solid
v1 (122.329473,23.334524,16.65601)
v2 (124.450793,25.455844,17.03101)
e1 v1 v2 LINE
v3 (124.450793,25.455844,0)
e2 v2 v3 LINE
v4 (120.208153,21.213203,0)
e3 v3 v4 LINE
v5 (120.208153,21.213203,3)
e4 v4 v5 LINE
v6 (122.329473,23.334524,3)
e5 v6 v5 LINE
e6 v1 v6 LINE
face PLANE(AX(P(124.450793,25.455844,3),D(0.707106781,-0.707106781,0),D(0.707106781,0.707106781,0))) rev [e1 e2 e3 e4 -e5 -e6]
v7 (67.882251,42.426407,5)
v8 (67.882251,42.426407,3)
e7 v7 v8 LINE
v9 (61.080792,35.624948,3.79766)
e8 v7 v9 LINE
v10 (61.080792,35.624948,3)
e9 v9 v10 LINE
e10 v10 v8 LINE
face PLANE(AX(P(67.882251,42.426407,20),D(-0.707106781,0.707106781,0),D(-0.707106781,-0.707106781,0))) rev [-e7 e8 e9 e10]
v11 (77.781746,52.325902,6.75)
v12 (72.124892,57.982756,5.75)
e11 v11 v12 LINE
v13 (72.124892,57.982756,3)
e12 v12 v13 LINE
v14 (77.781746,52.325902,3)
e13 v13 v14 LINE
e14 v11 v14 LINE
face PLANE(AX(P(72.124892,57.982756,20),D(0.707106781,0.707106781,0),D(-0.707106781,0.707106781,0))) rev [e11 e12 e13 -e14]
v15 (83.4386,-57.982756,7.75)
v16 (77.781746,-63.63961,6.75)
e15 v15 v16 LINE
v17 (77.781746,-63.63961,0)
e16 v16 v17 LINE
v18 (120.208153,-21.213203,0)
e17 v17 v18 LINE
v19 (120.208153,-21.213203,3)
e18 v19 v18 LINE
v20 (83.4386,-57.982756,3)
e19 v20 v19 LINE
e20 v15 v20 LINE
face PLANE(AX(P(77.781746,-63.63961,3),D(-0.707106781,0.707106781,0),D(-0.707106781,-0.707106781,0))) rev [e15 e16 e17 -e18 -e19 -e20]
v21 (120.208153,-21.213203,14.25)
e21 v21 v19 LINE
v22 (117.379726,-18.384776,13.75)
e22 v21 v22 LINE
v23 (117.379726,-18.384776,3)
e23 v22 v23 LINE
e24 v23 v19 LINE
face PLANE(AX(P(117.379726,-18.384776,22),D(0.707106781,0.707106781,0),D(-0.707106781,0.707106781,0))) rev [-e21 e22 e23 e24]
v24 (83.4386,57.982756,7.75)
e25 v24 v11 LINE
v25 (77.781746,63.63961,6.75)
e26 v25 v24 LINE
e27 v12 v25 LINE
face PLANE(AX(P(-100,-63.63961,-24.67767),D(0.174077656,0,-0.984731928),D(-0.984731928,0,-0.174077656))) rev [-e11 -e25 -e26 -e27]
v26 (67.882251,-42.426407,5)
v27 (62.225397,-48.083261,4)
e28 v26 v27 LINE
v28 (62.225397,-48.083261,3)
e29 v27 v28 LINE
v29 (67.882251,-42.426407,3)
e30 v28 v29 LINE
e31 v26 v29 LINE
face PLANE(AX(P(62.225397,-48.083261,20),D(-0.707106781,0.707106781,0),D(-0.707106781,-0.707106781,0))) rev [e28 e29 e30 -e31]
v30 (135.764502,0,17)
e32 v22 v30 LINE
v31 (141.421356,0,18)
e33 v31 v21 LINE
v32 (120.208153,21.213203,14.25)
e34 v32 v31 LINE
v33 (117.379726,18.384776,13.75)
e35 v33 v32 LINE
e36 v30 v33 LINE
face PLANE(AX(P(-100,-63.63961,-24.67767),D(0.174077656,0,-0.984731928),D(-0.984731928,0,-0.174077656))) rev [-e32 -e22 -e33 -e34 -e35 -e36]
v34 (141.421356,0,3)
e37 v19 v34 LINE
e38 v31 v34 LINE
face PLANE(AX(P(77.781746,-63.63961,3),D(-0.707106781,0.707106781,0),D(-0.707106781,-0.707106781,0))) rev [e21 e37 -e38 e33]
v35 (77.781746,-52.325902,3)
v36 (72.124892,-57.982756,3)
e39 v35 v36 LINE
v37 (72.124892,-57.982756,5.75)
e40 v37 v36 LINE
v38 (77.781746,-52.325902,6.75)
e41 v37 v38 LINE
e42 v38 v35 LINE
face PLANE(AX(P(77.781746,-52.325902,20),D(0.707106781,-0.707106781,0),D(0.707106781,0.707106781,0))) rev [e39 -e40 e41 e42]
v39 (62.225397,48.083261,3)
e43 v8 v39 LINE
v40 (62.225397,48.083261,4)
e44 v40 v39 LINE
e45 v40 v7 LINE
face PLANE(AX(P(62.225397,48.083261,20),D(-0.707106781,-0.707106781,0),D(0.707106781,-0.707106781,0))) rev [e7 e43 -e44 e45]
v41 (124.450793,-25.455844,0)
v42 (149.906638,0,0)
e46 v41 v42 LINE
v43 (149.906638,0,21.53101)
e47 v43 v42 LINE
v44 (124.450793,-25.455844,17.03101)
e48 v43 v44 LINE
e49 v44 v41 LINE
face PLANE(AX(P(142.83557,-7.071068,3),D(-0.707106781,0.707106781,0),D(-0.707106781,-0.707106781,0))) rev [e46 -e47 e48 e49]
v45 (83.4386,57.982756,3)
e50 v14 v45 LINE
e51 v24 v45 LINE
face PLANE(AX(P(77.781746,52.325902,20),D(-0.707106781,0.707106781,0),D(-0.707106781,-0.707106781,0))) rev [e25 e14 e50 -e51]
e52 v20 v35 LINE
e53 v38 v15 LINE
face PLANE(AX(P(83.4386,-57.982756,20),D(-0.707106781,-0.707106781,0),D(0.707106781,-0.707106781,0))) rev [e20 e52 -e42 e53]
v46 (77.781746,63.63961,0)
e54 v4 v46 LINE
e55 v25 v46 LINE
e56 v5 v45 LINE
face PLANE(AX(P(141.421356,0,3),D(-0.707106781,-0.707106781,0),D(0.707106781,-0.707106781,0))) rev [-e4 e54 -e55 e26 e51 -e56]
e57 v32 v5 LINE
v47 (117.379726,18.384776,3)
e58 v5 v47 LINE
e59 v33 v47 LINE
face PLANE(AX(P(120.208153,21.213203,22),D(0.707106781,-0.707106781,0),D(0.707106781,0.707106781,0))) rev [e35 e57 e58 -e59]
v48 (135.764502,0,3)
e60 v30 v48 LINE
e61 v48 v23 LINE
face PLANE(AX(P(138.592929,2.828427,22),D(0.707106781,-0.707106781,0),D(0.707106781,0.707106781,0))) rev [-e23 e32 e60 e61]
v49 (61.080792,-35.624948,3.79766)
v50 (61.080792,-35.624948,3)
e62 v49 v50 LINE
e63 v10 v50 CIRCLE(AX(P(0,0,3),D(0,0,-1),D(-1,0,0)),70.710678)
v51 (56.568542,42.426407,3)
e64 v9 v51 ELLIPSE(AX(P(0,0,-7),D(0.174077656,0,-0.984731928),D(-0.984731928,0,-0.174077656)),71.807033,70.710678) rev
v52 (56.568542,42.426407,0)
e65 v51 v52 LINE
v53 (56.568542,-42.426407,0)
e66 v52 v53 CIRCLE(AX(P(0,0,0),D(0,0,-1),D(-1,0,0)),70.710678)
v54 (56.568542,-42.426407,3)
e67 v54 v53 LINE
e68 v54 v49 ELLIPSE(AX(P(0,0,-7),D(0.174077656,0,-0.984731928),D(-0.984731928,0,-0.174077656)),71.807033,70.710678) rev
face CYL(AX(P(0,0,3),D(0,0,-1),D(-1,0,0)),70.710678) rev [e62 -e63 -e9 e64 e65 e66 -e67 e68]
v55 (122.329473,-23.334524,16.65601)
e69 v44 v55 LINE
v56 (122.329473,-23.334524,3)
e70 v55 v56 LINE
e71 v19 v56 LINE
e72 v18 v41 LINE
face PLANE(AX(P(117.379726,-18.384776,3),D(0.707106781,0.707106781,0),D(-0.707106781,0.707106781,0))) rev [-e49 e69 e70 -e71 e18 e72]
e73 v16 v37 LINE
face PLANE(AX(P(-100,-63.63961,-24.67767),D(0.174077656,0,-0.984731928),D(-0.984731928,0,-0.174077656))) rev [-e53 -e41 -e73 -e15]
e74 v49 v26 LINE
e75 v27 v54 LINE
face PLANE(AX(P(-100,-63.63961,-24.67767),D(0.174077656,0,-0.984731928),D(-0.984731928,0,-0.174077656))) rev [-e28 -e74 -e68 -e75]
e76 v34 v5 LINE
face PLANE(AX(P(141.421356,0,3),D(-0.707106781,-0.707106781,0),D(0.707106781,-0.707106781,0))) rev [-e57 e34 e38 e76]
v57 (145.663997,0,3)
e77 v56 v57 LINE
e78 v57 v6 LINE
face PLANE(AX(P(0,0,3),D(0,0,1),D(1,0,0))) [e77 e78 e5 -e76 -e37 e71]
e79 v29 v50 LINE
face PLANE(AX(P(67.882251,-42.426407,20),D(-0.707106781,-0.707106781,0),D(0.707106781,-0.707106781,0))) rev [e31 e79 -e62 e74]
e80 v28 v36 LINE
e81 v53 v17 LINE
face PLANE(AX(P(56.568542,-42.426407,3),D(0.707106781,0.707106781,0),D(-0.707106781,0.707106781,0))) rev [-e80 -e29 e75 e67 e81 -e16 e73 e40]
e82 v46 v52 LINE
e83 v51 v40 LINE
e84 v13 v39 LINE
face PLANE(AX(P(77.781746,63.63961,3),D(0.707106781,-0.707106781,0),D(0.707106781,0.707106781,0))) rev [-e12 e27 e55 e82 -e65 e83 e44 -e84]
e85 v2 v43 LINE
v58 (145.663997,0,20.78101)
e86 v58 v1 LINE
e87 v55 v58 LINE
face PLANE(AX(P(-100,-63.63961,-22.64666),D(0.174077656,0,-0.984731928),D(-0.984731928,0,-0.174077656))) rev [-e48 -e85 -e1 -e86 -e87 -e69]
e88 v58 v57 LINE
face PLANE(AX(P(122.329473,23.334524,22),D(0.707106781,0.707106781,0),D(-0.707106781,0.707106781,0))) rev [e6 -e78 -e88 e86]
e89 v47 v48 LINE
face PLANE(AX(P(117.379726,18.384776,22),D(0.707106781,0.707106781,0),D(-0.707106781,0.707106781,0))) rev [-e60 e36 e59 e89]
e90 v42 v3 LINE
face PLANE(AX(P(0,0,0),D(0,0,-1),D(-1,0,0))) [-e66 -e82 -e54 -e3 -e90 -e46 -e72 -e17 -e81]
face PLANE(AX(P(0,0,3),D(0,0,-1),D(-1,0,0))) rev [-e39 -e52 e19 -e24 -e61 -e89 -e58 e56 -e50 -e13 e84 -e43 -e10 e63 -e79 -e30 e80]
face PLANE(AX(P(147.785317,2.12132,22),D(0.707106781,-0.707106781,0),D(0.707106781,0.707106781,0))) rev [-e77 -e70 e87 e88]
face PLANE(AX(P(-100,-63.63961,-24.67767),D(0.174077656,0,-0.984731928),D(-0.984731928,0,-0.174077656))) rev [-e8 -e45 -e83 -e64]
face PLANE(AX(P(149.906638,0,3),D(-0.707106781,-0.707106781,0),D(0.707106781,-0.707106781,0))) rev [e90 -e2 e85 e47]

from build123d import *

# Parameters (mm, degrees)
CLOSED_BOTTOM_PLATE_3MM_DEPTH   = 3
FOOT1_CURVED_R70P71_DEPTH       = 20
FOOT2_CURVED_R70P71_DEPTH       = 20
PAD4_C_BLANK_DEPTH              = 20
PAD5_A_BLANK_DEPTH              = 20
SLOT_BACKING_INSIDE_NORTH_DEPTH = 22
SLOT_BACKING_INSIDE_EAST_DEPTH  = 22
TOP_OUTER_PLANE_DEPTH           = 157.633329786
TOP_OUTER_PLANE_DEPTH_BACK      = 157.633329786
SLOT_BASE_NORTH_DEPTH           = 3
SLOT_BASE_EAST_DEPTH            = 3
SLOT_OUTER_NORTH_DEPTH          = 22
SLOT_OUTER_EAST_DEPTH           = 22
CUT_EXTRUDE_2_DEPTH             = 165.335023656
CUT_EXTRUDE_2_DEPTH_BACK        = 165.335023656


with BuildPart() as part:
    # Closed_bottom_plate_3mm_sketch → Closed_bottom_plate_3mm (new body)
    with BuildSketch(Plane.XY):
        with BuildLine():
            Line((77.781745931, -63.639610307), (141.421356237, 0))
            Line((141.421356237, 0), (77.781745931, 63.639610307))
            Line((77.781745931, 63.639610307), (56.568542495, 42.426406871))
            ThreePointArc((56.568542495, 42.426406871), (70.710678119, 0), (56.568542495, -42.426406871))
            Line((56.568542495, -42.426406871), (77.781745931, -63.639610307))
        make_face()
    extrude(amount=CLOSED_BOTTOM_PLATE_3MM_DEPTH)

    # Foot1_curved_R70p71_sketch → Foot1_curved_R70p71 (add)
    with BuildSketch(Plane.XY):
        with BuildLine():
            Line((62.225396744, 48.083261121), (67.882250994, 42.426406871))
            Line((67.882250994, 42.426406871), (61.080791676, 35.624947554))
            ThreePointArc((61.080791676, 35.624947554), (58.922885367, 39.090837546), (56.568542495, 42.426406871))
            Line((56.568542495, 42.426406871), (62.225396744, 48.083261121))
        make_face()
    extrude(amount=FOOT1_CURVED_R70P71_DEPTH)

    # Foot2_curved_R70p71_sketch → Foot2_curved_R70p71 (add)
    with BuildSketch(Plane.XY):
        with BuildLine():
            Line((62.225396744, -48.083261121), (67.882250994, -42.426406871))
            Line((67.882250994, -42.426406871), (61.080791676, -35.624947554))
            ThreePointArc((61.080791676, -35.624947554), (58.922885367, -39.090837546), (56.568542495, -42.426406871))
            Line((56.568542495, -42.426406871), (62.225396744, -48.083261121))
        make_face()
    extrude(amount=FOOT2_CURVED_R70P71_DEPTH)

    # Pad4_C_blank_sketch → Pad4_C_blank (add)
    with BuildSketch(Plane.XY):
        Polygon((72.124891681, 57.982756057), (77.781745931, 52.325901808), (83.43860018, 57.982756057), (77.781745931, 63.639610307), align=None)
    extrude(amount=PAD4_C_BLANK_DEPTH)

    # Pad5_A_blank_sketch → Pad5_A_blank (add)
    with BuildSketch(Plane.XY):
        Polygon((72.124891681, -57.982756057), (77.781745931, -63.639610307), (83.43860018, -57.982756057), (77.781745931, -52.325901808), align=None)
    extrude(amount=PAD5_A_BLANK_DEPTH)

    # Slot_backing_inside_north_sketch → Slot_backing_inside_north (add)
    with BuildSketch(Plane.XY):
        Polygon((117.379725677, 18.384776311), (138.592929113, -2.828427125), (141.421356237, 0), (120.208152802, 21.213203436), align=None)
    extrude(amount=SLOT_BACKING_INSIDE_NORTH_DEPTH)

    # Slot_backing_inside_east_sketch → Slot_backing_inside_east (add)
    with BuildSketch(Plane.XY):
        Polygon((117.379725677, -18.384776311), (120.208152802, -21.213203436), (141.421356237, 0), (138.592929113, 2.828427125), align=None)
    extrude(amount=SLOT_BACKING_INSIDE_EAST_DEPTH)

    # Top_outer_plane_sketch → Top_outer_plane (cut, two sides: drawn at the far end of the back side and taken through both)
    with BuildSketch(Plane(origin=(0, 0, 0), x_dir=(1, 0, 0), z_dir=(0, 1, 0)).offset(-TOP_OUTER_PLANE_DEPTH_BACK)):
        Polygon((-100, 24.67766953), (250, -37.194173824), (250, -100), (-100, -100), align=None)
    extrude(amount=TOP_OUTER_PLANE_DEPTH + TOP_OUTER_PLANE_DEPTH_BACK, mode=Mode.SUBTRACT)

    # Slot_base_north_sketch → Slot_base_north (add)
    with BuildSketch(Plane.XY):
        Polygon((117.379725677, 18.384776311), (142.8355698, -7.071067812), (149.906637612, 0), (124.450793489, 25.455844123), align=None)
    extrude(amount=SLOT_BASE_NORTH_DEPTH)

    # Slot_base_east_sketch → Slot_base_east (add)
    with BuildSketch(Plane.XY):
        Polygon((117.379725677, -18.384776311), (124.450793489, -25.455844123), (149.906637612, 0), (142.8355698, 7.071067812), align=None)
    extrude(amount=SLOT_BASE_EAST_DEPTH)

    # Slot_outer_north_sketch → Slot_outer_north (add)
    with BuildSketch(Plane.XY):
        Polygon((122.329473145, 23.334523779), (147.785317268, -2.121320344), (149.906637612, 0), (124.450793489, 25.455844123), align=None)
    extrude(amount=SLOT_OUTER_NORTH_DEPTH)

    # Slot_outer_east_sketch → Slot_outer_east (add)
    with BuildSketch(Plane.XY):
        Polygon((122.329473145, -23.334523779), (124.450793489, -25.455844123), (149.906637612, 0), (147.785317268, 2.121320344), align=None)
    extrude(amount=SLOT_OUTER_EAST_DEPTH)

    # 草图13 → 切除-拉伸2 (cut, two sides: drawn at the far end of the back side and taken through both)
    with BuildSketch(Plane(origin=(0, 0, 0), x_dir=(1, 0, 0), z_dir=(0, 1, 0)).offset(-CUT_EXTRUDE_2_DEPTH_BACK)):
        Polygon((-100, 22.646659929), (250, -39.225183425), (250, -100), (-100, -100), align=None)
    extrude(amount=CUT_EXTRUDE_2_DEPTH + CUT_EXTRUDE_2_DEPTH_BACK, mode=Mode.SUBTRACT)


solid = part.part
